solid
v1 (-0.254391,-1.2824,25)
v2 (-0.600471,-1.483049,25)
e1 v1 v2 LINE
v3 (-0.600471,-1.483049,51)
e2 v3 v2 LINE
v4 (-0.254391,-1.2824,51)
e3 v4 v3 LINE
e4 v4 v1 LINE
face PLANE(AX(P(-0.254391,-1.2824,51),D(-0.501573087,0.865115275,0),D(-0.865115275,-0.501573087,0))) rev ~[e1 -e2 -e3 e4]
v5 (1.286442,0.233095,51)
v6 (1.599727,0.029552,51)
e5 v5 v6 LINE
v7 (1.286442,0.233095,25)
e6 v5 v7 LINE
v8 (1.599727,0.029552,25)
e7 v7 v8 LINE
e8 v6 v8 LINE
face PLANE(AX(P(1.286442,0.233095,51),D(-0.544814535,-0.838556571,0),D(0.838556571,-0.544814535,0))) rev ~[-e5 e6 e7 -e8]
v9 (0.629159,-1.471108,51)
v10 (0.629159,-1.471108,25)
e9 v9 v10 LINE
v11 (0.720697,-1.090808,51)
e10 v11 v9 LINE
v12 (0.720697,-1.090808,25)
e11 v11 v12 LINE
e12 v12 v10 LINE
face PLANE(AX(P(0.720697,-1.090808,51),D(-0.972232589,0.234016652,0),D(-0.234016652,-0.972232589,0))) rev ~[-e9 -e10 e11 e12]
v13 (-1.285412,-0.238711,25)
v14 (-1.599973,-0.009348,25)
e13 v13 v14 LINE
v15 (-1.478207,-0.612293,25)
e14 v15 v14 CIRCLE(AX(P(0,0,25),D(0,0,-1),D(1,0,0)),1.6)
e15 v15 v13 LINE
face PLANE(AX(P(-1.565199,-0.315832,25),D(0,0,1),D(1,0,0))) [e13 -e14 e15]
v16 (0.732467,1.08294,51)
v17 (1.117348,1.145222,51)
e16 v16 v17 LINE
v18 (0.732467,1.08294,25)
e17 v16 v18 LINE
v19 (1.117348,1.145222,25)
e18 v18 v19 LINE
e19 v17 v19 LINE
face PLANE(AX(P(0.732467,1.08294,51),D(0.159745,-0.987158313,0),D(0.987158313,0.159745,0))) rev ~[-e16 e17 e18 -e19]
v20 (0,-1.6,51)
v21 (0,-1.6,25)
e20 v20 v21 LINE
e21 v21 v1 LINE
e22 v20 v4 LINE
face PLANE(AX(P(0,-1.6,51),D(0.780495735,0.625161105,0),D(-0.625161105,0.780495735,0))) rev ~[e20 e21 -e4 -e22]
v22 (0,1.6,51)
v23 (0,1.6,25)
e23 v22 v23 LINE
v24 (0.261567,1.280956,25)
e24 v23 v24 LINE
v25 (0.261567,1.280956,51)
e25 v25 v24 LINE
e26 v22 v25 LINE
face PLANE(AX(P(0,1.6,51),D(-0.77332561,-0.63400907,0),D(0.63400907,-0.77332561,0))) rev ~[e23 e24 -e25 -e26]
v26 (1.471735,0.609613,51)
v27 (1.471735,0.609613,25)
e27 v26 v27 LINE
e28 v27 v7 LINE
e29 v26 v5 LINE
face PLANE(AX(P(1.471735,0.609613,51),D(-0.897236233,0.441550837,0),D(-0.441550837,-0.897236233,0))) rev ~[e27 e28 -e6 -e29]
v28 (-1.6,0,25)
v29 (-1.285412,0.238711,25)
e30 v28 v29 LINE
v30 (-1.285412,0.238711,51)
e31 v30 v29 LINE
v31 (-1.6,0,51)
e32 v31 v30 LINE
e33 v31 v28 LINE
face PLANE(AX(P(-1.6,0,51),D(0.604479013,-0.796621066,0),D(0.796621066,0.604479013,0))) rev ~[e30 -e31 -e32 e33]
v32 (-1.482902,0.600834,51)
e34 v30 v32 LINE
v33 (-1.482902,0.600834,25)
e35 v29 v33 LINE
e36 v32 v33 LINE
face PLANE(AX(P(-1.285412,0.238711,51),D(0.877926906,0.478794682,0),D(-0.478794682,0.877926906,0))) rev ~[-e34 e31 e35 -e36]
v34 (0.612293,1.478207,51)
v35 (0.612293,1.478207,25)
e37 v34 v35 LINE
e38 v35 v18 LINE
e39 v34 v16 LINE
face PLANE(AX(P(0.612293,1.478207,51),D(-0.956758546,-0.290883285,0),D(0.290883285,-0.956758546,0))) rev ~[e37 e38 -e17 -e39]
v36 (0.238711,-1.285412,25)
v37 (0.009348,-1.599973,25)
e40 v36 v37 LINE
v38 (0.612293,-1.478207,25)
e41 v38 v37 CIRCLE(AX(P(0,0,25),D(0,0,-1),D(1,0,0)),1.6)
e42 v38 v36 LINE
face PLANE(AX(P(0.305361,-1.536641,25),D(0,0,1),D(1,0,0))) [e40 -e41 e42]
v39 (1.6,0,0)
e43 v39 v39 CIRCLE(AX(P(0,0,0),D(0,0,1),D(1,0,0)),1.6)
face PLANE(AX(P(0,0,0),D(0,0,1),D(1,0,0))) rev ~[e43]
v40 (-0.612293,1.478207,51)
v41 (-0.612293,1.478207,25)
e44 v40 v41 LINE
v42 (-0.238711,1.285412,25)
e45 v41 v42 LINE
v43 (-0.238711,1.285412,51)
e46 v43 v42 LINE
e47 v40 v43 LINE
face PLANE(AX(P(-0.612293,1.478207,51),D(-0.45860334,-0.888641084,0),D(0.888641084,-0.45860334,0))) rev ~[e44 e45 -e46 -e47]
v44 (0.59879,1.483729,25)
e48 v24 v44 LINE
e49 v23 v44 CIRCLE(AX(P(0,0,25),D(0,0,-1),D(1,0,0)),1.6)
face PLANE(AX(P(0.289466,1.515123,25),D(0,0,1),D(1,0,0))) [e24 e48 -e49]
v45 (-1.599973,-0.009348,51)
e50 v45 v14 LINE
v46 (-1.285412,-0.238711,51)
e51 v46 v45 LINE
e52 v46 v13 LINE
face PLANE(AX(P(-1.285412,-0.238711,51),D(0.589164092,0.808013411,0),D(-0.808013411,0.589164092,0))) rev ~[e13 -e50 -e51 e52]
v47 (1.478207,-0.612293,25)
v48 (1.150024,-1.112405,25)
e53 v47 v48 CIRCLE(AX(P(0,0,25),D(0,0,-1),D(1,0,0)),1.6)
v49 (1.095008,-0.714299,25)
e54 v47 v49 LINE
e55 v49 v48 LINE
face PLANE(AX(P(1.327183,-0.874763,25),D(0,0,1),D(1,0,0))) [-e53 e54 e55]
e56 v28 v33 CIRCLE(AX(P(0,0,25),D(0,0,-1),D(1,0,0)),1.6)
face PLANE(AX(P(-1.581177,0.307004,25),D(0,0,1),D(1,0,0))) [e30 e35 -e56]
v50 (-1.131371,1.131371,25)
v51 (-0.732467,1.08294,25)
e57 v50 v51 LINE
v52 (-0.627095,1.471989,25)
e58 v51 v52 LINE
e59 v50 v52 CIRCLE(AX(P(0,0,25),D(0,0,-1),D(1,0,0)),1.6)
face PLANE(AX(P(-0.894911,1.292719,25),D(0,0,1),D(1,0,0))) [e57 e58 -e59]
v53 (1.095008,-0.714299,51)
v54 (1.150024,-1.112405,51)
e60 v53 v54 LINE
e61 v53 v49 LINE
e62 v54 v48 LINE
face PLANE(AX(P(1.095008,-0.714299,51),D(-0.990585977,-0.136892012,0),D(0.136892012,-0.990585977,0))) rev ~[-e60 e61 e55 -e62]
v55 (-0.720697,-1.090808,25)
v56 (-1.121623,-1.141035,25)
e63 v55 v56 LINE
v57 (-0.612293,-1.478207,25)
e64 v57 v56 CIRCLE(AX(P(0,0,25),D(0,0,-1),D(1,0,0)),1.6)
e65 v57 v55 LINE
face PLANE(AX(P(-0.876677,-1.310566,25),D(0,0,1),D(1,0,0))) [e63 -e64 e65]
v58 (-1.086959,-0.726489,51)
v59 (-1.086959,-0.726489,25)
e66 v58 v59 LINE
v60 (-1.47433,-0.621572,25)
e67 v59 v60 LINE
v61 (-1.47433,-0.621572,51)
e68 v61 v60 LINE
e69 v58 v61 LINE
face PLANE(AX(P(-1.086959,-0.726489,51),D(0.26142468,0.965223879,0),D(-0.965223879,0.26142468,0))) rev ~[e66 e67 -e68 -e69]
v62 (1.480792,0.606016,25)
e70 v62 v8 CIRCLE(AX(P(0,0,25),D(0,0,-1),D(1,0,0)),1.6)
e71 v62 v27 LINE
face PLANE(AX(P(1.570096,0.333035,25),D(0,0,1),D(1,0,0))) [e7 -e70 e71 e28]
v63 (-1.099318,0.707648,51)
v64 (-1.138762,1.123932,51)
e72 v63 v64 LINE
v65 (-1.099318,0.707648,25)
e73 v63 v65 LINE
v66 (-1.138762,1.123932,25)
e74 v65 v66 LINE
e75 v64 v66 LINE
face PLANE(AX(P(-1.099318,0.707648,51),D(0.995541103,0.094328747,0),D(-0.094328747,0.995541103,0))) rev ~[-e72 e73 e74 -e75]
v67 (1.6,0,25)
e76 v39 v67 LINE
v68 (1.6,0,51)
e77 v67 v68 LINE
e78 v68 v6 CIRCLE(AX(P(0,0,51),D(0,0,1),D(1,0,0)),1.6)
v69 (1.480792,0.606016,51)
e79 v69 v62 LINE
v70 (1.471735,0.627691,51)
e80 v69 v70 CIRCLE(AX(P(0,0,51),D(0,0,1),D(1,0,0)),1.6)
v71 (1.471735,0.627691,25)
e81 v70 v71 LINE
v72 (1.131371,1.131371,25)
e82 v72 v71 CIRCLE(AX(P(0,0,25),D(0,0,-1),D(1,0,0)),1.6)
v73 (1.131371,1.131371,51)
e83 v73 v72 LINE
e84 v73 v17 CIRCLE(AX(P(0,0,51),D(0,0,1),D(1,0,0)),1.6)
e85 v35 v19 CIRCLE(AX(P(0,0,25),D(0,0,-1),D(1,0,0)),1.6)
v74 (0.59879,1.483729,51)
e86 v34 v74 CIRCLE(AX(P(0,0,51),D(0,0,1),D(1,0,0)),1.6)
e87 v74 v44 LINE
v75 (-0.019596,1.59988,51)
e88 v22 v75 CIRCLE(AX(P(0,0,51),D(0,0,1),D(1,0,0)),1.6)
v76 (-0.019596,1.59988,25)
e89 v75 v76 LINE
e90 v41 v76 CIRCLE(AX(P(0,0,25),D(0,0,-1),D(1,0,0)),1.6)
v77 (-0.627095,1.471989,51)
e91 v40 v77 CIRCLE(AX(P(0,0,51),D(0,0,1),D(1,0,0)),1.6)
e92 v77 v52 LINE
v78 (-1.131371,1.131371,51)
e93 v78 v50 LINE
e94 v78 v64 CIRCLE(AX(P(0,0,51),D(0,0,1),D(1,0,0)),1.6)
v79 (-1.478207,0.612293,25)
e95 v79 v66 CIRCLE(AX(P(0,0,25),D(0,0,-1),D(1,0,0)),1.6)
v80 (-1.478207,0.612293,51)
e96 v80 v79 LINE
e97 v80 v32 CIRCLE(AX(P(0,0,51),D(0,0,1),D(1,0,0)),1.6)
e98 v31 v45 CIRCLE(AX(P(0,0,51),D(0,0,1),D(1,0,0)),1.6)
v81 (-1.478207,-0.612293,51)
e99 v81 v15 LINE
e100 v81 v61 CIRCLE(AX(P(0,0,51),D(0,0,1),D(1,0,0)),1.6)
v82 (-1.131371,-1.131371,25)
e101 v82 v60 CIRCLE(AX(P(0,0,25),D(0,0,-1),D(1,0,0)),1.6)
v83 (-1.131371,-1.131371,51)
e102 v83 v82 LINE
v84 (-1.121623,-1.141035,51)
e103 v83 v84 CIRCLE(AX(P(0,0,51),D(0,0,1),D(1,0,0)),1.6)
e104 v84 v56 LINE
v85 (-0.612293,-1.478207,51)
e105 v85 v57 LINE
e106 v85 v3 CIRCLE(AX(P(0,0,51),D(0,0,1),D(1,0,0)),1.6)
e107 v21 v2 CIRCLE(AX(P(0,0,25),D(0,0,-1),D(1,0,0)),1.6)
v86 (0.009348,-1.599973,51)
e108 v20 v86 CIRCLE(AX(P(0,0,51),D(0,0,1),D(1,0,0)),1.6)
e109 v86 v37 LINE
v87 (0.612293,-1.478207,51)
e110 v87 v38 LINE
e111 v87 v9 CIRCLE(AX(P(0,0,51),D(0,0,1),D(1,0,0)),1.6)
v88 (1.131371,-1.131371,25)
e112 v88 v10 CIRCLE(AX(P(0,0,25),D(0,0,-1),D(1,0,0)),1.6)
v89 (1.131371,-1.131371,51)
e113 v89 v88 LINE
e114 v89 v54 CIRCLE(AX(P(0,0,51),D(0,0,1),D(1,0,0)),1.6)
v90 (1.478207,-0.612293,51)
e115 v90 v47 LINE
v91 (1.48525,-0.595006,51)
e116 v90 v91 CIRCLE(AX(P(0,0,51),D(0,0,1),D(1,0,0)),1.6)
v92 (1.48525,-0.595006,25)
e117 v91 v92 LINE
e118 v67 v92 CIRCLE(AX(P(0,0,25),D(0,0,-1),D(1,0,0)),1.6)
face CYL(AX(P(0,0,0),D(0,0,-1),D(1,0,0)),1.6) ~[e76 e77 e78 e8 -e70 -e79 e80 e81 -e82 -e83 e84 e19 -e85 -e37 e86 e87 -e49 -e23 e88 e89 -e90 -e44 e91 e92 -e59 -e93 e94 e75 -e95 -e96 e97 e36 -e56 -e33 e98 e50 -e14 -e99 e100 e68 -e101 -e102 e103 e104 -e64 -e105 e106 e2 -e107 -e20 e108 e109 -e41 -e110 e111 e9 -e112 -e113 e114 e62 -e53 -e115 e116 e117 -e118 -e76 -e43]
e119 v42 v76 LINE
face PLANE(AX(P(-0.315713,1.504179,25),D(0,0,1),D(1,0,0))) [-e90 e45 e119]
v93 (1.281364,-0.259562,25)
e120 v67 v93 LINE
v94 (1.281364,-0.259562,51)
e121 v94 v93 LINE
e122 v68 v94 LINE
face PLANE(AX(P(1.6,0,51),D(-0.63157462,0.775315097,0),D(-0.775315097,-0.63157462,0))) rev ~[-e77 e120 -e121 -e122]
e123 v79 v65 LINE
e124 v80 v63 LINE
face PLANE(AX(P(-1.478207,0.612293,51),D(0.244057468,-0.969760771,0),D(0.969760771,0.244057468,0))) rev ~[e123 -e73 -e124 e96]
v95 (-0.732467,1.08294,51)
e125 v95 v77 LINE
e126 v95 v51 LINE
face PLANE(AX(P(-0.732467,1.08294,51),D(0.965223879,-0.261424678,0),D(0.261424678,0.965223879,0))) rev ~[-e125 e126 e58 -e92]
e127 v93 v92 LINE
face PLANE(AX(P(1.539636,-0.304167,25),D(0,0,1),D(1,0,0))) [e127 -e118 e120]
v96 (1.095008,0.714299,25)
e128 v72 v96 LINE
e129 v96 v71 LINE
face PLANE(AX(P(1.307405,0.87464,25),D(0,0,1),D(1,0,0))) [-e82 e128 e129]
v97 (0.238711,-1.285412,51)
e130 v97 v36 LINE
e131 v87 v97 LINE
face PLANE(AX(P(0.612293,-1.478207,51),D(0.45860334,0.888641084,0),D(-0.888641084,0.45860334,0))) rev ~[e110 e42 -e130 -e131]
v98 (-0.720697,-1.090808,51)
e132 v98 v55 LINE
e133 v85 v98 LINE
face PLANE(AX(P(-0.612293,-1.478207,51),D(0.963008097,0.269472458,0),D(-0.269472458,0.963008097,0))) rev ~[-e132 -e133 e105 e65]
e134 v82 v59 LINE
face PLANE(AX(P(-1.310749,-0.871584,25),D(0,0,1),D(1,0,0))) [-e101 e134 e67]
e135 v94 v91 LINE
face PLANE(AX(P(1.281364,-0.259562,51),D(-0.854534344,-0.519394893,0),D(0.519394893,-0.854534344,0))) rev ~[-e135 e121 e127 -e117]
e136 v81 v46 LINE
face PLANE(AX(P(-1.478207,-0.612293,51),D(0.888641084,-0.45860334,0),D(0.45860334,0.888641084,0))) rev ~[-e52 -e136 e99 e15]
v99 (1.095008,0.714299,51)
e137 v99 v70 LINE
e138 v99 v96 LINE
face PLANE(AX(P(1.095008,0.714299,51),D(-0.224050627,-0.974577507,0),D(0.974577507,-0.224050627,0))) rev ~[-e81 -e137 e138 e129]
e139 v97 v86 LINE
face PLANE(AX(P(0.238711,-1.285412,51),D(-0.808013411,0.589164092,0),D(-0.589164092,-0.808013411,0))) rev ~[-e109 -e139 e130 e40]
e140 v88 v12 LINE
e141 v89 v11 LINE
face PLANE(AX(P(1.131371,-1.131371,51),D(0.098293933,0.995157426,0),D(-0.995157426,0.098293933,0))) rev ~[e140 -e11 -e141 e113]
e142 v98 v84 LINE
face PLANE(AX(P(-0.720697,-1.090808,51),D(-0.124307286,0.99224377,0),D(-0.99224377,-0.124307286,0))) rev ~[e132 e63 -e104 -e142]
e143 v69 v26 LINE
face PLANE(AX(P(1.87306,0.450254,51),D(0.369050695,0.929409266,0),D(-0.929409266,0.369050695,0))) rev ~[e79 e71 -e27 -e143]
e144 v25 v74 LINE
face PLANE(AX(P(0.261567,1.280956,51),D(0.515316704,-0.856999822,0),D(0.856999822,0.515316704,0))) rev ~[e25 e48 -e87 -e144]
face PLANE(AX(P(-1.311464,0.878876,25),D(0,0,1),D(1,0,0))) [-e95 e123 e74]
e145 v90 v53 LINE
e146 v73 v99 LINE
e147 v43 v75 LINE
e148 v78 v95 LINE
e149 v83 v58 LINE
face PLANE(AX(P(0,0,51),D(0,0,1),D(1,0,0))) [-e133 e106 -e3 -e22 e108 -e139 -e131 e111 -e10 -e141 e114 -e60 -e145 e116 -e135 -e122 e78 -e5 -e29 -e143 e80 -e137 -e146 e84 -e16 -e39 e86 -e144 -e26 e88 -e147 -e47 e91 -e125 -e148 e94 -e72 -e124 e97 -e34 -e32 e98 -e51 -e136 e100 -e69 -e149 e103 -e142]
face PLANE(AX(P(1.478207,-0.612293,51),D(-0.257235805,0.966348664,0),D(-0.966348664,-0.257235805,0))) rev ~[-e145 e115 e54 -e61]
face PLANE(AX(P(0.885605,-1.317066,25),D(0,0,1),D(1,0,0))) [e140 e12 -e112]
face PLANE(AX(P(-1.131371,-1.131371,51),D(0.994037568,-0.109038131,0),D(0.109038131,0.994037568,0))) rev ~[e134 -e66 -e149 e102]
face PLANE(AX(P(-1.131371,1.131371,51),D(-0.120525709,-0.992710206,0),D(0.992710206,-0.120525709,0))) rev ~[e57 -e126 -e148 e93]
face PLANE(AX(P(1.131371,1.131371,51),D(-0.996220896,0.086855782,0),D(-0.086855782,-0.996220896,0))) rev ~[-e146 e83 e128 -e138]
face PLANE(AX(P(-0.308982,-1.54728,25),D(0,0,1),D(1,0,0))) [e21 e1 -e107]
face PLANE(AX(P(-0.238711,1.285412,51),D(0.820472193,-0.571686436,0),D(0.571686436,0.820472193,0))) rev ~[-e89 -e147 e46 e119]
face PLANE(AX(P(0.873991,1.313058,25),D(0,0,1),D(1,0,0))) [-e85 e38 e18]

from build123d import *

# Parameters (mm, degrees)
SKETCH1_R      = 1.6
EXTRUDE1_DEPTH = 51
EXTRUDE8_DEPTH = 26


with BuildPart() as part:
    # Sketch1 → Extrude1 (new body)
    with BuildSketch(Plane.XY):
        Circle(SKETCH1_R)
    extrude(amount=EXTRUDE1_DEPTH)

    # Sketch2 → Extrude8 (cut)
    with BuildSketch(Plane.XY.offset(51)):
        Polygon((1.286441807, 0.233094665), (1.599727071, 0.029551611), (1.873059743, 0.450254242), (1.471735058, 0.609612621), align=None)
        Polygon((1.6, 0), (1.281363749, -0.259562299), (1.485250033, -0.595006167), (1.785955756, -0.399980732), align=None)
        Polygon((1.478207252, -0.612293492), (1.095008295, -0.714298592), (1.15002382, -1.112405148), (1.560600042, -1.055666403), align=None)
        Polygon((1.13137085, -1.13137085), (0.720697062, -1.090807678), (0.629158613, -1.471108235), (1.033870669, -1.568522539), align=None)
        Polygon((0.612293492, -1.478207252), (0.238710912, -1.285411508), (0.009348192, -1.599972691), (0.334676963, -1.792391164), align=None)
        Polygon((0, -1.6), (-0.254390706, -1.282400489), (-0.600470531, -1.483049271), (-0.412348506, -1.807522895), align=None)
        Polygon((-0.612293492, -1.478207252), (-0.720697062, -1.090807678), (-1.121623142, -1.141035288), (-1.075884592, -1.506128861), align=None)
        Polygon((-1.13137085, -1.13137085), (-1.086958525, -0.726489374), (-1.474329588, -0.621572413), (-1.568528471, -0.969370531), align=None)
        Polygon((-1.478207252, -0.612293492), (-1.285411508, -0.238710912), (-1.599972691, -0.009348192), (-1.864675344, -0.389243799), align=None)
        Polygon((-1.6, 0), (-1.285411508, 0.238710912), (-1.482902222, 0.600833588), (-1.904214705, 0.37106255), align=None)
        Polygon((-1.478207252, 0.612293492), (-1.099318185, 0.707647634), (-1.138761595, 1.123931506), (-1.503705091, 1.08935266), align=None)
        Polygon((-1.13137085, 1.13137085), (-0.732466712, 1.082939592), (-0.627095181, 1.471989006), (-1.152553281, 1.43226765), align=None)
        Polygon((-0.612293492, 1.478207252), (-0.238710912, 1.285411508), (-0.019596398, 1.59987999), (-0.507182841, 1.659078234), align=None)
        Polygon((0, 1.6), (0.261567483, 1.280955931), (0.598789697, 1.483728715), (0.43006534, 1.601292025), (0.238504204, 1.734767485), align=None)
        Polygon((0.612293492, 1.478207252), (0.732466712, 1.082939592), (1.117347771, 1.145222231), (1.056496245, 1.5212596), align=None)
        Polygon((1.13137085, 1.13137085), (1.095008295, 0.714298592), (1.471735058, 0.627690942), (1.549987973, 0.992566635), align=None)
    extrude(amount=-EXTRUDE8_DEPTH, mode=Mode.SUBTRACT)


solid = part.part
